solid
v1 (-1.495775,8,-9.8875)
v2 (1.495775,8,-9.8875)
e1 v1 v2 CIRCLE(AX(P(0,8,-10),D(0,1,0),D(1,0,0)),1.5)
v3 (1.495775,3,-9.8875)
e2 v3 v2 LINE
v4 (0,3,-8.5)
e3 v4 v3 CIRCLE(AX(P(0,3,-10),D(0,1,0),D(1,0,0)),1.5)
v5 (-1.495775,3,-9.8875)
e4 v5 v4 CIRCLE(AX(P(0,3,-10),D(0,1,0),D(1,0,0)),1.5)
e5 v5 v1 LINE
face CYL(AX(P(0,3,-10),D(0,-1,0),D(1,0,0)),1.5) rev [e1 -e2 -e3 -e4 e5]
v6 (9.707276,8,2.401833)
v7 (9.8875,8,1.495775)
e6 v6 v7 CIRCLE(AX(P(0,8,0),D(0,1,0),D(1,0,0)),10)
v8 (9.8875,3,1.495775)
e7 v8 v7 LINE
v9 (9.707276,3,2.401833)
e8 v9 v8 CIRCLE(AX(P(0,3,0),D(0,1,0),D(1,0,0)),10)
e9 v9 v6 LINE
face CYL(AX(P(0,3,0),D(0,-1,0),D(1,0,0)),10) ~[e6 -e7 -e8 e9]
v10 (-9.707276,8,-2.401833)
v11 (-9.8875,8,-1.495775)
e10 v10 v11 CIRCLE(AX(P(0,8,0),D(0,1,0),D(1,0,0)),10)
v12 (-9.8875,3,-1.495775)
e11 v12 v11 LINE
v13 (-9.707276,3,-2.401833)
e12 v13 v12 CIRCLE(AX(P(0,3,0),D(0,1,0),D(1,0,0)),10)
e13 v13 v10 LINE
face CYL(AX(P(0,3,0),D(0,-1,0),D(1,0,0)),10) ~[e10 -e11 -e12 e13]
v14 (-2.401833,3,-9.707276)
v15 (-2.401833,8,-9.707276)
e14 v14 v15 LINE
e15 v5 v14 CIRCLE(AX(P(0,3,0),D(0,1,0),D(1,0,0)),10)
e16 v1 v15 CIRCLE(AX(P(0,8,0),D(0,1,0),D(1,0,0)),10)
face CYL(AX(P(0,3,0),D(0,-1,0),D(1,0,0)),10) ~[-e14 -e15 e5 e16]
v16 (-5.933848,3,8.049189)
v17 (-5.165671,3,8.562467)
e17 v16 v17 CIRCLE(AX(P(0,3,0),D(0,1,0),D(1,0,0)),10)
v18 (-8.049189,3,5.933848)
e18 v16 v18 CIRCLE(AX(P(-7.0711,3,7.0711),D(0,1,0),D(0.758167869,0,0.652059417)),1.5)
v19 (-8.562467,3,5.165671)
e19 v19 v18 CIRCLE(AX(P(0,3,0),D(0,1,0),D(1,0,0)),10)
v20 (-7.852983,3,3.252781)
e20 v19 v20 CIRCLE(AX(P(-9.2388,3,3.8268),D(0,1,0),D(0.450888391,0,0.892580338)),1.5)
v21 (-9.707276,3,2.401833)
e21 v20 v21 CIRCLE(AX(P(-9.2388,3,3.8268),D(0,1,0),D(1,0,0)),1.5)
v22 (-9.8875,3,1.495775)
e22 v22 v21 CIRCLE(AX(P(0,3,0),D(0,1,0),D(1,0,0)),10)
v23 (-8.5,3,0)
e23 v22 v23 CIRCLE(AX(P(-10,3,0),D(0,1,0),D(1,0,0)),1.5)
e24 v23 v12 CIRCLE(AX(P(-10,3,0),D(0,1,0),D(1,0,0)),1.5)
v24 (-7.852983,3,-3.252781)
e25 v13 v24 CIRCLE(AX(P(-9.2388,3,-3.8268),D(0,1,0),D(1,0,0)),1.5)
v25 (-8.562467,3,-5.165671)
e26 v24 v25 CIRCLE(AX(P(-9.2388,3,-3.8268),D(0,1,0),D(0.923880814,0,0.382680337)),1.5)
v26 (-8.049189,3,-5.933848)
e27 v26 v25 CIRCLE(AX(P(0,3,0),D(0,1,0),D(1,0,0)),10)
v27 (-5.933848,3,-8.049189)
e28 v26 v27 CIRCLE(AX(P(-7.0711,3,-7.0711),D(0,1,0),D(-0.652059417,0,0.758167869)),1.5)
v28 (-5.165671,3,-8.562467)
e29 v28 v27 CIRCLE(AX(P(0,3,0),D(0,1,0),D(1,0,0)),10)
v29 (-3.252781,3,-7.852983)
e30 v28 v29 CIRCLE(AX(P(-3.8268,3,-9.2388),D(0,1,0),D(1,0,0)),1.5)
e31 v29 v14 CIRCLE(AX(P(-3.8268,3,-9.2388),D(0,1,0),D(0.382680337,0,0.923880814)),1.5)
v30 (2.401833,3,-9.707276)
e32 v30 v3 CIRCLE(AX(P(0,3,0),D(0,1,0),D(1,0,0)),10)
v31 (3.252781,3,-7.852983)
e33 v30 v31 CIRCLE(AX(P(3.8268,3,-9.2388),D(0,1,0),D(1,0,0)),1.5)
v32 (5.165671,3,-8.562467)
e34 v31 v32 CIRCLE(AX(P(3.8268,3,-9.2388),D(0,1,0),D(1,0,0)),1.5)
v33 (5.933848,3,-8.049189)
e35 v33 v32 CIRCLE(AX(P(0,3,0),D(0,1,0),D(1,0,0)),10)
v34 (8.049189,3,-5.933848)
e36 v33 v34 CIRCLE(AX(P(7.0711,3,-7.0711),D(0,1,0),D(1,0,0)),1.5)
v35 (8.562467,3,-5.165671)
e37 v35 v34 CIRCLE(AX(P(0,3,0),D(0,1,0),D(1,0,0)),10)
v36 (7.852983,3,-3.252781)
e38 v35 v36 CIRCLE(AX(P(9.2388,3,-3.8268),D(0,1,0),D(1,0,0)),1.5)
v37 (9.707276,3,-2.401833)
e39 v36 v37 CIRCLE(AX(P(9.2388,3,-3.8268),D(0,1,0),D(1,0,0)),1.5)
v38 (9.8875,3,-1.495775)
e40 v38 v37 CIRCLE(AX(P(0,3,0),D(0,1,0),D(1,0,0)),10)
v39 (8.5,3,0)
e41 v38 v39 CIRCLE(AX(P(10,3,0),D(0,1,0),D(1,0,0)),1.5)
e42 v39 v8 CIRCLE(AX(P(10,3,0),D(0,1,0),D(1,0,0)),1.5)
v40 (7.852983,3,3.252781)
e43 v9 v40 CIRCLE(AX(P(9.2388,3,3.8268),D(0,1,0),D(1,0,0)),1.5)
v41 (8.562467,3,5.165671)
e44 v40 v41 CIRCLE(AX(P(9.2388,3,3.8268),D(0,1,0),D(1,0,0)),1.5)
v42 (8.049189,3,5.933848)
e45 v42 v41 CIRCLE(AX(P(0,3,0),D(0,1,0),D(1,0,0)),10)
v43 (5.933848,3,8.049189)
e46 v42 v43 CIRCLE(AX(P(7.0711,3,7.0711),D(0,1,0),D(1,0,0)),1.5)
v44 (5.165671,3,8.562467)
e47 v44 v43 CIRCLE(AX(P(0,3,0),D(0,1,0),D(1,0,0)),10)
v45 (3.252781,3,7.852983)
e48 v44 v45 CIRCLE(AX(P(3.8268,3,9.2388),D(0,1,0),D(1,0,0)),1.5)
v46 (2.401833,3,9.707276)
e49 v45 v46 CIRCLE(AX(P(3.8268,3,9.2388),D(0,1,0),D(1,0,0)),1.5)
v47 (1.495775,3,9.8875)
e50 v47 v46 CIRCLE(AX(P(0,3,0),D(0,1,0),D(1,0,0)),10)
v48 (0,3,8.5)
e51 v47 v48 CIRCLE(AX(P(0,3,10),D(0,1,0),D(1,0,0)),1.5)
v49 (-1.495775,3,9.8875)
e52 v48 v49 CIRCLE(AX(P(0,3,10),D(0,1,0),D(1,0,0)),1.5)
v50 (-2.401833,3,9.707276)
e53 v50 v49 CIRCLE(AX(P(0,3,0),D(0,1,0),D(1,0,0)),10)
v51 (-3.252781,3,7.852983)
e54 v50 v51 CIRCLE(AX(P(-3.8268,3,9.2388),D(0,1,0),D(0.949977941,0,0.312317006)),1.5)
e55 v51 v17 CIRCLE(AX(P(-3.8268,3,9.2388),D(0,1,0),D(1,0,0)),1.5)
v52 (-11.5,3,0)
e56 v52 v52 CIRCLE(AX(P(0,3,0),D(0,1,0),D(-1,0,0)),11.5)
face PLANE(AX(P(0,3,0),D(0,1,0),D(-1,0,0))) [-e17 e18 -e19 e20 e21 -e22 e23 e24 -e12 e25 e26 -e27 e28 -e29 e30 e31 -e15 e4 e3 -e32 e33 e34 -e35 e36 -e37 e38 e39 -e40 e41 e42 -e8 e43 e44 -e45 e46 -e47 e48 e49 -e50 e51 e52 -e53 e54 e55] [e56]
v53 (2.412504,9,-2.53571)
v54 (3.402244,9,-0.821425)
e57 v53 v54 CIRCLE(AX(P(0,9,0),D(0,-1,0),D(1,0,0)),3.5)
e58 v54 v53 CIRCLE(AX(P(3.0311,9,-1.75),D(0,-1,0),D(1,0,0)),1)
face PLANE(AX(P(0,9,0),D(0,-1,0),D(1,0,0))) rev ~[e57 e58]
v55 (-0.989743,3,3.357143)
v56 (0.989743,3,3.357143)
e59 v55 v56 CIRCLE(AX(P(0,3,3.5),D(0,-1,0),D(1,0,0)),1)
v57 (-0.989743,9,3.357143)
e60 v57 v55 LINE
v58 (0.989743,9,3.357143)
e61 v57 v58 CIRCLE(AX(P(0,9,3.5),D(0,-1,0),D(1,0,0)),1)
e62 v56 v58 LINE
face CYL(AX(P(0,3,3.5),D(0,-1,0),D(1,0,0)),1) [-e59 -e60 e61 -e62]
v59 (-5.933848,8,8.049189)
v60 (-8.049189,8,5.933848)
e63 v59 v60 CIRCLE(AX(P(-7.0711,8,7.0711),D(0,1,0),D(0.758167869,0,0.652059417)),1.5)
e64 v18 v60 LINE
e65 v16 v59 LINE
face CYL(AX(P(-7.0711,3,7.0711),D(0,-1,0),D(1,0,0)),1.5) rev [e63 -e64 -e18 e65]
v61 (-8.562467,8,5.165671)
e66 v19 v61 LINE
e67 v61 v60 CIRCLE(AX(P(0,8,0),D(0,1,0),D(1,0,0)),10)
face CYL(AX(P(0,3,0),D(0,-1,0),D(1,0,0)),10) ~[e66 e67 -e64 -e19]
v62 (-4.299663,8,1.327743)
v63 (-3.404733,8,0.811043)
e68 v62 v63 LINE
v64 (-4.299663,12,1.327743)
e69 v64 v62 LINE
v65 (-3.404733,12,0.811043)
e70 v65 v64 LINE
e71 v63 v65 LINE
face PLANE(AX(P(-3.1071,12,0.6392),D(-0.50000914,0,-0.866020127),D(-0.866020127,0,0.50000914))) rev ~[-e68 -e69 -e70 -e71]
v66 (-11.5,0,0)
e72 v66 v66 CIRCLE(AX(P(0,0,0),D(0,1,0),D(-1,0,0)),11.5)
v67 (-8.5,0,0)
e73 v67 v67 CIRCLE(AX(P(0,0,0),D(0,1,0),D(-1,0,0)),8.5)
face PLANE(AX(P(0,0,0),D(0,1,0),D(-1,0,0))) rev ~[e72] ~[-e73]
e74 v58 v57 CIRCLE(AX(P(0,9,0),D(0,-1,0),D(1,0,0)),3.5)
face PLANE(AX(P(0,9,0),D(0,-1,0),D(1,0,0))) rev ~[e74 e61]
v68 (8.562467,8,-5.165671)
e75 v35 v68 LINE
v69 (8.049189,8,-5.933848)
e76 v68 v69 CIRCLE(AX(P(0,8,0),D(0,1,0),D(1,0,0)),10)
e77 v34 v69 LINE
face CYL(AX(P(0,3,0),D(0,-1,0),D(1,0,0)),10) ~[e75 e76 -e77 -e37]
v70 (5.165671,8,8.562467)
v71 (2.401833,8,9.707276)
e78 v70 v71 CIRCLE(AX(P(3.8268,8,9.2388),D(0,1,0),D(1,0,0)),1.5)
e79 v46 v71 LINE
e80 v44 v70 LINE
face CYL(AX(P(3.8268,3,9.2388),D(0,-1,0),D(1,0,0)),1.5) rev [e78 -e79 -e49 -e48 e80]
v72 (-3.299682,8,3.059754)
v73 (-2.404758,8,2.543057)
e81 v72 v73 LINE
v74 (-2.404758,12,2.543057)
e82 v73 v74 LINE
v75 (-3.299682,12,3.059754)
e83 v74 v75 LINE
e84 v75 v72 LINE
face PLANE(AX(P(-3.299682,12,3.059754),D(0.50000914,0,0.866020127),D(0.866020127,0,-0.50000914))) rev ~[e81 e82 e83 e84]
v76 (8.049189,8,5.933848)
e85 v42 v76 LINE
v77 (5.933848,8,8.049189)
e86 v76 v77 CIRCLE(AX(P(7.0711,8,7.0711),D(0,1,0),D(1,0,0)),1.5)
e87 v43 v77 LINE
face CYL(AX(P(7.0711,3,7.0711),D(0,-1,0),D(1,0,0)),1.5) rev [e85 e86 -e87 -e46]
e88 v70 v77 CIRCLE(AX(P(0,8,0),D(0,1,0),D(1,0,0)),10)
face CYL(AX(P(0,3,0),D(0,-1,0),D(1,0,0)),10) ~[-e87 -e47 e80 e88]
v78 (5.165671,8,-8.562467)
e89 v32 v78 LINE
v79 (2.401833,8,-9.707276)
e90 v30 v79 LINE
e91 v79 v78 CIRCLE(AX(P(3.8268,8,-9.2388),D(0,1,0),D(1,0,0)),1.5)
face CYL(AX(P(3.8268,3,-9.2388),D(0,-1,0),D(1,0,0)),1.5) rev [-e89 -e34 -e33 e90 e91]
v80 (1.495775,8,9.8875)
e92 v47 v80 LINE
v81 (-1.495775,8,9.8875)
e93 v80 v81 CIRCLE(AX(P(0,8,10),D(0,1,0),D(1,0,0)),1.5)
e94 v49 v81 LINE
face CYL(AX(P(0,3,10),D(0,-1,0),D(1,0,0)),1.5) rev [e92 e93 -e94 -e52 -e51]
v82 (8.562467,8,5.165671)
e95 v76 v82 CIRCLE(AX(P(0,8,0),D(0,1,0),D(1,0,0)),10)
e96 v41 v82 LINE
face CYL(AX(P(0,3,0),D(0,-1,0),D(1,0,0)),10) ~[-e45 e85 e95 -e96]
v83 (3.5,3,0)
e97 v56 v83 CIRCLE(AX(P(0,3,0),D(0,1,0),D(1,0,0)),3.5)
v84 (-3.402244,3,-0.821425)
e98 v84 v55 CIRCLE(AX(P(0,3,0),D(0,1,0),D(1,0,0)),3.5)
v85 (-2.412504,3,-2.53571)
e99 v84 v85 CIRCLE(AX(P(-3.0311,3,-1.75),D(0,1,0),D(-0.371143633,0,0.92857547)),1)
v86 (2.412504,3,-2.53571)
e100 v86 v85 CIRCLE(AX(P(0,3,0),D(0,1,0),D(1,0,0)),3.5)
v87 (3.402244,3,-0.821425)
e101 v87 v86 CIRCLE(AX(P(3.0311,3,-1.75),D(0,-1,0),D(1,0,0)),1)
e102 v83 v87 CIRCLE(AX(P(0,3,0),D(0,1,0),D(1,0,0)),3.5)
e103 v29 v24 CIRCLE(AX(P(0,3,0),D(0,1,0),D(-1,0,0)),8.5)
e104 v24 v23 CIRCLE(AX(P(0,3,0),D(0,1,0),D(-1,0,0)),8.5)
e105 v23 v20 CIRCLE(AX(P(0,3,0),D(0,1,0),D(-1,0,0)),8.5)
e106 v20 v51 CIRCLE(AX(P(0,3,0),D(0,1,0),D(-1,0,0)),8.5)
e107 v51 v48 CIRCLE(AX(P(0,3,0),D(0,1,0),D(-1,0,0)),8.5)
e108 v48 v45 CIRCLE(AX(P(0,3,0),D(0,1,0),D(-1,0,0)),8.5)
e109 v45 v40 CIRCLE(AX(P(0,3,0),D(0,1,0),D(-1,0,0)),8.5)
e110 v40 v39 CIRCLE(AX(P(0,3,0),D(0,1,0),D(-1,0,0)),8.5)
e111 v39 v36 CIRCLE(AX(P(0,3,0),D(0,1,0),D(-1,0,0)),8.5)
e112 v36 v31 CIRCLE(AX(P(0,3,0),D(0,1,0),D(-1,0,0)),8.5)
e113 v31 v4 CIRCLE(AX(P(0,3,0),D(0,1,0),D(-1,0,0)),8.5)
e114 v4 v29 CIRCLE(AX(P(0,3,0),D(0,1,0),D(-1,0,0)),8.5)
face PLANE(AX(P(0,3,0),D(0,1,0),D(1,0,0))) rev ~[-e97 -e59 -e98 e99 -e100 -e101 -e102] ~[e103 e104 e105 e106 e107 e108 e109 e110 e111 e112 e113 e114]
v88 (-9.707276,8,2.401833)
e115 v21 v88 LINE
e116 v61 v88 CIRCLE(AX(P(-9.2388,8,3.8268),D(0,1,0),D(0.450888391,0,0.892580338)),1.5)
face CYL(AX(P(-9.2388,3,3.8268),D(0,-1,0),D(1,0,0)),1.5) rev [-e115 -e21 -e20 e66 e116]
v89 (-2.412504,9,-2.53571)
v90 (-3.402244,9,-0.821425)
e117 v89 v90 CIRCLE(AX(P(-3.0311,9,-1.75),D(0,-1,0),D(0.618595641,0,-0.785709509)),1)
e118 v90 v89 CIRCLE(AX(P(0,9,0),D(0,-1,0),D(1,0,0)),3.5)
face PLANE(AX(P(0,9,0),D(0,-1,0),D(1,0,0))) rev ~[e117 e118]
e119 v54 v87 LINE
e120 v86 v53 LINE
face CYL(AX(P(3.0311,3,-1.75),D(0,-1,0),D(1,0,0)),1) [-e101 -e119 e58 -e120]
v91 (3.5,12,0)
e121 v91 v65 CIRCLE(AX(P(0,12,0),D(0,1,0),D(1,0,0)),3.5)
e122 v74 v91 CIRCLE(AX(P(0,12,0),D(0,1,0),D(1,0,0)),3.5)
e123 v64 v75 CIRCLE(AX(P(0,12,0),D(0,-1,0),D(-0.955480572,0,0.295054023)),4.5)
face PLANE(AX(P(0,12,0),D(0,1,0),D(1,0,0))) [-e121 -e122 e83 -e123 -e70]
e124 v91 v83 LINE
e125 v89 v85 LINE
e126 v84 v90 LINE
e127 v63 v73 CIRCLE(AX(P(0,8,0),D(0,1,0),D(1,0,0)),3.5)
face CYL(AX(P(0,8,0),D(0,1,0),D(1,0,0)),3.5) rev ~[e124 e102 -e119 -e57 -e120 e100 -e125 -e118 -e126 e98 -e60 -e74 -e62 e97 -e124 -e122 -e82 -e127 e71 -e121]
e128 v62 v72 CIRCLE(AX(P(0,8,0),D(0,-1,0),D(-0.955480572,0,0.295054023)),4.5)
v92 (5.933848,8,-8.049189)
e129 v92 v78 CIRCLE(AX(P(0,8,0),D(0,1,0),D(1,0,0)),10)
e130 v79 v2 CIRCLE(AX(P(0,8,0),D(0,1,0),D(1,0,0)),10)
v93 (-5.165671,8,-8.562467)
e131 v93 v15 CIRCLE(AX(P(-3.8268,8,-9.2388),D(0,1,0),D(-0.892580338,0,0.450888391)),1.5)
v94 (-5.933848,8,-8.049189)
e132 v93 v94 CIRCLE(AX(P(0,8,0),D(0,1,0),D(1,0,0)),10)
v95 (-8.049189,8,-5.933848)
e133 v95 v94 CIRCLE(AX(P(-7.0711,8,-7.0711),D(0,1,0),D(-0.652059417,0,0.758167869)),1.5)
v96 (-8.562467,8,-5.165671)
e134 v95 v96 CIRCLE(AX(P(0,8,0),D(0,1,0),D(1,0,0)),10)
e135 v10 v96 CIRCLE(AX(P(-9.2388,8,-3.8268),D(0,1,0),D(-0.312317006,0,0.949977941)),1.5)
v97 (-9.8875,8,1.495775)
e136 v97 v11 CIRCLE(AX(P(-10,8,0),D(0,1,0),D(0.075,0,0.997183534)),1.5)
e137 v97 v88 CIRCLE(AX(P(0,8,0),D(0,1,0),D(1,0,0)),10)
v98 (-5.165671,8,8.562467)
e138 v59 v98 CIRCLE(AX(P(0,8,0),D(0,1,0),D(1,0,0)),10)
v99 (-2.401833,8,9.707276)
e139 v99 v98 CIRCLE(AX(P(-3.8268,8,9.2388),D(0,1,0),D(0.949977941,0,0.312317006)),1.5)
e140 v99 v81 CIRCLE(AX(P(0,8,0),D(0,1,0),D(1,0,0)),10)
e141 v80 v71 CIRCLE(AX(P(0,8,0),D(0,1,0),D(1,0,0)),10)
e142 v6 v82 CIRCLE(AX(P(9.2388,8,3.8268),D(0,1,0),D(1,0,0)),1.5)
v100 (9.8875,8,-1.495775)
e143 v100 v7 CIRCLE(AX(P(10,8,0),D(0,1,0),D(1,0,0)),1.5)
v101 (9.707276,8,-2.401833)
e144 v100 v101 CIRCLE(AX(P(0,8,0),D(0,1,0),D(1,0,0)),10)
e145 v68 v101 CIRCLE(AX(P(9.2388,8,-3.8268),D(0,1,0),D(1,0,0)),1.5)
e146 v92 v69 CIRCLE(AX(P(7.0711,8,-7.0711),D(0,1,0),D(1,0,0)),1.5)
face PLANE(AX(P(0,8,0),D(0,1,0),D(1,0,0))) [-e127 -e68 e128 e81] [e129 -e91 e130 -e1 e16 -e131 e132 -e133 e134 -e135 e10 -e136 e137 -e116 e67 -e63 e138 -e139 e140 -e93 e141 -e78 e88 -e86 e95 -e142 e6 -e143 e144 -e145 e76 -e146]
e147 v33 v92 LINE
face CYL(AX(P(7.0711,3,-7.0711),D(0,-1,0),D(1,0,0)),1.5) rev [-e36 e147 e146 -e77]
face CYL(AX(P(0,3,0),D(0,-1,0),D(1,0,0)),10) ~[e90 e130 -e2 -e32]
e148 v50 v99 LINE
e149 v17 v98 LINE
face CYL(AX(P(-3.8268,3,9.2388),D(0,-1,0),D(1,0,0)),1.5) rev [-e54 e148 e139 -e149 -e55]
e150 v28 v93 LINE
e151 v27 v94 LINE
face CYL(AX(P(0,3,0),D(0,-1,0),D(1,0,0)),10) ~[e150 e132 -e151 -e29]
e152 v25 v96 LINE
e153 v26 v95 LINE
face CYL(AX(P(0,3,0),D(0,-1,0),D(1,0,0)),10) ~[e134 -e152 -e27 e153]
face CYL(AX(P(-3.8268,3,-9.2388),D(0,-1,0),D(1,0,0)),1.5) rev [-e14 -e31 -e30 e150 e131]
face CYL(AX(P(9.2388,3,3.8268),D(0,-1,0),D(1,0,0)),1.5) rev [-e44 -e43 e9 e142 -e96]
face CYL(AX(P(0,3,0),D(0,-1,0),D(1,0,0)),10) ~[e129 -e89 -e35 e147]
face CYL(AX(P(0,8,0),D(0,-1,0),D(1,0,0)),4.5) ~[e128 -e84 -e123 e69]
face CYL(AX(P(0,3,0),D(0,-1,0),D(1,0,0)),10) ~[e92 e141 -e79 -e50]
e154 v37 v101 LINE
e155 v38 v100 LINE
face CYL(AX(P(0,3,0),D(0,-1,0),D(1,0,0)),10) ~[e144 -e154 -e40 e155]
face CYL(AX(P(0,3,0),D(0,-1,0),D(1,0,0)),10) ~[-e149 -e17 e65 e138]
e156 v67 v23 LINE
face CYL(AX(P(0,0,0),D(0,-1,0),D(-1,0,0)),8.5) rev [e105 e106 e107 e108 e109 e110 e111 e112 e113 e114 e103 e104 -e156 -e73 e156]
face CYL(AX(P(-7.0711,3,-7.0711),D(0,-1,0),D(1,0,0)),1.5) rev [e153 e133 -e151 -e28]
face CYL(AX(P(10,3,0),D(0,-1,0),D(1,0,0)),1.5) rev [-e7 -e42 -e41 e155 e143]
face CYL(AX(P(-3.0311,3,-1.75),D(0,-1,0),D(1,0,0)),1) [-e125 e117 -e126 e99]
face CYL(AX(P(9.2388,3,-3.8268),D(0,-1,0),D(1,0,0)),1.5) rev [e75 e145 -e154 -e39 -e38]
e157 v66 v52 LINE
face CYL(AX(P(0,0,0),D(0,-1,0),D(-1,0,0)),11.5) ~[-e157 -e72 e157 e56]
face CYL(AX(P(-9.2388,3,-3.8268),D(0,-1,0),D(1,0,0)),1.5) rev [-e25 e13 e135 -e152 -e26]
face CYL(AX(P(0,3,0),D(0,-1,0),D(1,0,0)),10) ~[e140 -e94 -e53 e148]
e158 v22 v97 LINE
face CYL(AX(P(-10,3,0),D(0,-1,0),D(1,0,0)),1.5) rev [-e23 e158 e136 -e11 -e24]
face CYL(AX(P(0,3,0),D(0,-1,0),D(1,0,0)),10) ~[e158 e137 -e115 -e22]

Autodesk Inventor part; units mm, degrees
ref_plane "YZ Plane" through (0, 0, 0) normal (1, 0, 0) x (0, 1, 0)
ref_plane "XZ Plane" through (0, 0, 0) normal (0, 1, 0) x (-1, 0, 0)
ref_plane "XY Plane" through (0, 0, 0) normal (0, 0, 1) x (1, 0, 0)
sketch "Эскиз1" plane through (0, 0, 0) normal (0, 1, 0) x (-1, 0, 0)
  circle A0 centre (0, 0) radius 11.5
  circle A1 centre (0, 0) radius 8.5
  dimension "d0" = 23
  dimension "d1" = 17
extrude "Выдавливание1" add sketch "Эскиз1" along normal blind 3
sketch "Эскиз2" plane through (0, 3, 0) normal (0, 1, 0) x (1, 0, 0)
  circle A0 centre (0, 0) radius 10
  circle A1 centre (-10, 0) radius 1.5
  circle A2 centre (-9.2388, -3.8268) radius 1.5
  circle A3 centre (-7.0711, -7.0711) radius 1.5
  circle A4 centre (-3.8268, -9.2388) radius 1.5
  circle A5 centre (0, -10) radius 1.5
  circle A6 centre (3.8268, -9.2388) radius 1.5
  circle A7 centre (7.0711, -7.0711) radius 1.5
  circle A8 centre (9.2388, -3.8268) radius 1.5
  circle A9 centre (10, 0) radius 1.5
  circle A10 centre (9.2388, 3.8268) radius 1.5
  circle A11 centre (7.0711, 7.0711) radius 1.5
  circle A12 centre (3.8268, 9.2388) radius 1.5
  circle A13 centre (0, 10) radius 1.5
  circle A14 centre (-3.8268, 9.2388) radius 1.5
  circle A15 centre (-7.0711, 7.0711) radius 1.5
  circle A16 centre (-9.2388, 3.8268) radius 1.5
  point P0 (-8.5625, 5.1657)
  point P1 (-9.7073, 2.4019)
  point P2 (-9.8875, 1.4958)
  point P3 (-9.8875, -1.4958)
  point P4 (-9.7073, -2.4019)
  point P5 (-8.5625, -5.1657)
  point P6 (-8.0492, -5.9338)
  point P7 (-5.9338, -8.0492)
  point P8 (-5.1657, -8.5625)
  point P9 (-2.4019, -9.7073)
  point P10 (-1.4958, -9.8875)
  point P11 (1.4958, -9.8875)
  point P12 (2.4019, -9.7073)
  point P13 (5.1657, -8.5625)
  point P14 (5.9338, -8.0492)
  point P15 (8.0492, -5.9338)
  point P16 (8.5625, -5.1657)
  point P17 (9.7073, -2.4019)
  point P18 (9.8875, -1.4958)
  point P19 (9.8875, 1.4958)
  point P20 (9.7073, 2.4019)
  point P21 (8.5625, 5.1657)
  point P22 (8.0492, 5.9338)
  point P23 (5.9338, 8.0492)
  point P24 (5.1657, 8.5625)
  point P25 (2.4019, 9.7073)
  point P26 (1.4958, 9.8875)
  point P27 (-1.4958, 9.8875)
  point P28 (-2.4019, 9.7073)
  point P29 (-5.1657, 8.5625)
  point P30 (-5.9338, 8.0492)
  point P31 (-8.0492, 5.9338)
  dimension "d4" = 20
  dimension "d5" = 3
  dimension "d8" = 360
extrude "Выдавливание2" add sketch "Эскиз2" along normal blind 5 contours A9 A0 A8 A7 A6 A5 A4 A3 A2 A1 A16 A15 A14 A13 A12 A11 A10
sketch "Эскиз3" plane through (0, 8, 0) normal (0, 1, 0) x (1, 0, 0)
  circle A0 centre (0, 0) radius 4.5
  circle A1 centre (0, 0) radius 3.5
  dimension "d12" = 9
  dimension "d13" = 7
extrude "Выдавливание3" add sketch "Эскиз3" along normal blind 4
sketch "Эскиз4" plane through (0, 8, 0) normal (0, 1, 0) x (1, 0, 0)
  circle A0 centre (0, 0) radius 3.5
extrude "Выдавливание4" cut sketch "Эскиз4" against normal through all
sketch "Эскиз5" plane through (0, 3, 0) normal (0, -1, 0) x (1, 0, 0)
  circle A0 centre (0, 0) radius 3.5
  circle A1 centre (0, 0) radius 3.5 projected
  circle A2 centre (0, 3.5) radius 1
  circle A3 centre (-3.0311, -1.75) radius 1
  circle A4 centre (3.0311, -1.75) radius 1
  point P0 (-0.9897, 3.3571)
  point P1 (0.9897, 3.3571)
  point P2 (3.4022, -0.8214)
  point P3 (2.4125, -2.5357)
  point P4 (-3.4022, -0.8214)
  point P5 (-2.4125, -2.5357)
  dimension "d18" = 2
  dimension "d21" = 360
extrude "Выдавливание5" add sketch "Эскиз5" against normal blind 6 contours A2 A0 | A0 A4 | A3 A0 picked at (0, 3.156) picked at (2.7332, -1.578) picked at (-2.7274, -1.5885)
sketch "Эскиз6" plane through (0, 12, 0) normal (0, 1, 0) x (1, 0, 0)
  arc A0 (2.4125, 2.5357) -> (3.4022, 0.8214) centre (3.0311, 1.75) ccw projected
  line L0 (0, 0) -> (3.0311, 1.75)
  line L1 (0, 0) -> (-4.9072, -2.8332)
  line L2 (-4.6871, -3.8608) -> (-2.1071, -2.3712)
  line L3 (-2.1071, -2.3712) -> (-3.1071, -0.6392)
  line L4 (-3.1071, -0.6392) -> (-5.6871, -2.1288)
  line L5 (-5.6871, -2.1288) -> (-4.6871, -3.8608)
  circle A1 centre (0, 0) radius 4.5 projected
  line L6 (-4.6871, -3.8608) -> (-3.1071, -0.6392) construction
  line L7 (-2.1071, -2.3712) -> (-5.6871, -2.1288) construction
  point P0 (-3.8971, -2.25)
  dimension "d25" = 2
extrude "Выдавливание6" cut sketch "Эскиз6" against normal blind 4 contours L3 L2 A1 L1 | L1 A1 L4 L3 | A1 L2 L5 L4
properties part number "вращалка"
